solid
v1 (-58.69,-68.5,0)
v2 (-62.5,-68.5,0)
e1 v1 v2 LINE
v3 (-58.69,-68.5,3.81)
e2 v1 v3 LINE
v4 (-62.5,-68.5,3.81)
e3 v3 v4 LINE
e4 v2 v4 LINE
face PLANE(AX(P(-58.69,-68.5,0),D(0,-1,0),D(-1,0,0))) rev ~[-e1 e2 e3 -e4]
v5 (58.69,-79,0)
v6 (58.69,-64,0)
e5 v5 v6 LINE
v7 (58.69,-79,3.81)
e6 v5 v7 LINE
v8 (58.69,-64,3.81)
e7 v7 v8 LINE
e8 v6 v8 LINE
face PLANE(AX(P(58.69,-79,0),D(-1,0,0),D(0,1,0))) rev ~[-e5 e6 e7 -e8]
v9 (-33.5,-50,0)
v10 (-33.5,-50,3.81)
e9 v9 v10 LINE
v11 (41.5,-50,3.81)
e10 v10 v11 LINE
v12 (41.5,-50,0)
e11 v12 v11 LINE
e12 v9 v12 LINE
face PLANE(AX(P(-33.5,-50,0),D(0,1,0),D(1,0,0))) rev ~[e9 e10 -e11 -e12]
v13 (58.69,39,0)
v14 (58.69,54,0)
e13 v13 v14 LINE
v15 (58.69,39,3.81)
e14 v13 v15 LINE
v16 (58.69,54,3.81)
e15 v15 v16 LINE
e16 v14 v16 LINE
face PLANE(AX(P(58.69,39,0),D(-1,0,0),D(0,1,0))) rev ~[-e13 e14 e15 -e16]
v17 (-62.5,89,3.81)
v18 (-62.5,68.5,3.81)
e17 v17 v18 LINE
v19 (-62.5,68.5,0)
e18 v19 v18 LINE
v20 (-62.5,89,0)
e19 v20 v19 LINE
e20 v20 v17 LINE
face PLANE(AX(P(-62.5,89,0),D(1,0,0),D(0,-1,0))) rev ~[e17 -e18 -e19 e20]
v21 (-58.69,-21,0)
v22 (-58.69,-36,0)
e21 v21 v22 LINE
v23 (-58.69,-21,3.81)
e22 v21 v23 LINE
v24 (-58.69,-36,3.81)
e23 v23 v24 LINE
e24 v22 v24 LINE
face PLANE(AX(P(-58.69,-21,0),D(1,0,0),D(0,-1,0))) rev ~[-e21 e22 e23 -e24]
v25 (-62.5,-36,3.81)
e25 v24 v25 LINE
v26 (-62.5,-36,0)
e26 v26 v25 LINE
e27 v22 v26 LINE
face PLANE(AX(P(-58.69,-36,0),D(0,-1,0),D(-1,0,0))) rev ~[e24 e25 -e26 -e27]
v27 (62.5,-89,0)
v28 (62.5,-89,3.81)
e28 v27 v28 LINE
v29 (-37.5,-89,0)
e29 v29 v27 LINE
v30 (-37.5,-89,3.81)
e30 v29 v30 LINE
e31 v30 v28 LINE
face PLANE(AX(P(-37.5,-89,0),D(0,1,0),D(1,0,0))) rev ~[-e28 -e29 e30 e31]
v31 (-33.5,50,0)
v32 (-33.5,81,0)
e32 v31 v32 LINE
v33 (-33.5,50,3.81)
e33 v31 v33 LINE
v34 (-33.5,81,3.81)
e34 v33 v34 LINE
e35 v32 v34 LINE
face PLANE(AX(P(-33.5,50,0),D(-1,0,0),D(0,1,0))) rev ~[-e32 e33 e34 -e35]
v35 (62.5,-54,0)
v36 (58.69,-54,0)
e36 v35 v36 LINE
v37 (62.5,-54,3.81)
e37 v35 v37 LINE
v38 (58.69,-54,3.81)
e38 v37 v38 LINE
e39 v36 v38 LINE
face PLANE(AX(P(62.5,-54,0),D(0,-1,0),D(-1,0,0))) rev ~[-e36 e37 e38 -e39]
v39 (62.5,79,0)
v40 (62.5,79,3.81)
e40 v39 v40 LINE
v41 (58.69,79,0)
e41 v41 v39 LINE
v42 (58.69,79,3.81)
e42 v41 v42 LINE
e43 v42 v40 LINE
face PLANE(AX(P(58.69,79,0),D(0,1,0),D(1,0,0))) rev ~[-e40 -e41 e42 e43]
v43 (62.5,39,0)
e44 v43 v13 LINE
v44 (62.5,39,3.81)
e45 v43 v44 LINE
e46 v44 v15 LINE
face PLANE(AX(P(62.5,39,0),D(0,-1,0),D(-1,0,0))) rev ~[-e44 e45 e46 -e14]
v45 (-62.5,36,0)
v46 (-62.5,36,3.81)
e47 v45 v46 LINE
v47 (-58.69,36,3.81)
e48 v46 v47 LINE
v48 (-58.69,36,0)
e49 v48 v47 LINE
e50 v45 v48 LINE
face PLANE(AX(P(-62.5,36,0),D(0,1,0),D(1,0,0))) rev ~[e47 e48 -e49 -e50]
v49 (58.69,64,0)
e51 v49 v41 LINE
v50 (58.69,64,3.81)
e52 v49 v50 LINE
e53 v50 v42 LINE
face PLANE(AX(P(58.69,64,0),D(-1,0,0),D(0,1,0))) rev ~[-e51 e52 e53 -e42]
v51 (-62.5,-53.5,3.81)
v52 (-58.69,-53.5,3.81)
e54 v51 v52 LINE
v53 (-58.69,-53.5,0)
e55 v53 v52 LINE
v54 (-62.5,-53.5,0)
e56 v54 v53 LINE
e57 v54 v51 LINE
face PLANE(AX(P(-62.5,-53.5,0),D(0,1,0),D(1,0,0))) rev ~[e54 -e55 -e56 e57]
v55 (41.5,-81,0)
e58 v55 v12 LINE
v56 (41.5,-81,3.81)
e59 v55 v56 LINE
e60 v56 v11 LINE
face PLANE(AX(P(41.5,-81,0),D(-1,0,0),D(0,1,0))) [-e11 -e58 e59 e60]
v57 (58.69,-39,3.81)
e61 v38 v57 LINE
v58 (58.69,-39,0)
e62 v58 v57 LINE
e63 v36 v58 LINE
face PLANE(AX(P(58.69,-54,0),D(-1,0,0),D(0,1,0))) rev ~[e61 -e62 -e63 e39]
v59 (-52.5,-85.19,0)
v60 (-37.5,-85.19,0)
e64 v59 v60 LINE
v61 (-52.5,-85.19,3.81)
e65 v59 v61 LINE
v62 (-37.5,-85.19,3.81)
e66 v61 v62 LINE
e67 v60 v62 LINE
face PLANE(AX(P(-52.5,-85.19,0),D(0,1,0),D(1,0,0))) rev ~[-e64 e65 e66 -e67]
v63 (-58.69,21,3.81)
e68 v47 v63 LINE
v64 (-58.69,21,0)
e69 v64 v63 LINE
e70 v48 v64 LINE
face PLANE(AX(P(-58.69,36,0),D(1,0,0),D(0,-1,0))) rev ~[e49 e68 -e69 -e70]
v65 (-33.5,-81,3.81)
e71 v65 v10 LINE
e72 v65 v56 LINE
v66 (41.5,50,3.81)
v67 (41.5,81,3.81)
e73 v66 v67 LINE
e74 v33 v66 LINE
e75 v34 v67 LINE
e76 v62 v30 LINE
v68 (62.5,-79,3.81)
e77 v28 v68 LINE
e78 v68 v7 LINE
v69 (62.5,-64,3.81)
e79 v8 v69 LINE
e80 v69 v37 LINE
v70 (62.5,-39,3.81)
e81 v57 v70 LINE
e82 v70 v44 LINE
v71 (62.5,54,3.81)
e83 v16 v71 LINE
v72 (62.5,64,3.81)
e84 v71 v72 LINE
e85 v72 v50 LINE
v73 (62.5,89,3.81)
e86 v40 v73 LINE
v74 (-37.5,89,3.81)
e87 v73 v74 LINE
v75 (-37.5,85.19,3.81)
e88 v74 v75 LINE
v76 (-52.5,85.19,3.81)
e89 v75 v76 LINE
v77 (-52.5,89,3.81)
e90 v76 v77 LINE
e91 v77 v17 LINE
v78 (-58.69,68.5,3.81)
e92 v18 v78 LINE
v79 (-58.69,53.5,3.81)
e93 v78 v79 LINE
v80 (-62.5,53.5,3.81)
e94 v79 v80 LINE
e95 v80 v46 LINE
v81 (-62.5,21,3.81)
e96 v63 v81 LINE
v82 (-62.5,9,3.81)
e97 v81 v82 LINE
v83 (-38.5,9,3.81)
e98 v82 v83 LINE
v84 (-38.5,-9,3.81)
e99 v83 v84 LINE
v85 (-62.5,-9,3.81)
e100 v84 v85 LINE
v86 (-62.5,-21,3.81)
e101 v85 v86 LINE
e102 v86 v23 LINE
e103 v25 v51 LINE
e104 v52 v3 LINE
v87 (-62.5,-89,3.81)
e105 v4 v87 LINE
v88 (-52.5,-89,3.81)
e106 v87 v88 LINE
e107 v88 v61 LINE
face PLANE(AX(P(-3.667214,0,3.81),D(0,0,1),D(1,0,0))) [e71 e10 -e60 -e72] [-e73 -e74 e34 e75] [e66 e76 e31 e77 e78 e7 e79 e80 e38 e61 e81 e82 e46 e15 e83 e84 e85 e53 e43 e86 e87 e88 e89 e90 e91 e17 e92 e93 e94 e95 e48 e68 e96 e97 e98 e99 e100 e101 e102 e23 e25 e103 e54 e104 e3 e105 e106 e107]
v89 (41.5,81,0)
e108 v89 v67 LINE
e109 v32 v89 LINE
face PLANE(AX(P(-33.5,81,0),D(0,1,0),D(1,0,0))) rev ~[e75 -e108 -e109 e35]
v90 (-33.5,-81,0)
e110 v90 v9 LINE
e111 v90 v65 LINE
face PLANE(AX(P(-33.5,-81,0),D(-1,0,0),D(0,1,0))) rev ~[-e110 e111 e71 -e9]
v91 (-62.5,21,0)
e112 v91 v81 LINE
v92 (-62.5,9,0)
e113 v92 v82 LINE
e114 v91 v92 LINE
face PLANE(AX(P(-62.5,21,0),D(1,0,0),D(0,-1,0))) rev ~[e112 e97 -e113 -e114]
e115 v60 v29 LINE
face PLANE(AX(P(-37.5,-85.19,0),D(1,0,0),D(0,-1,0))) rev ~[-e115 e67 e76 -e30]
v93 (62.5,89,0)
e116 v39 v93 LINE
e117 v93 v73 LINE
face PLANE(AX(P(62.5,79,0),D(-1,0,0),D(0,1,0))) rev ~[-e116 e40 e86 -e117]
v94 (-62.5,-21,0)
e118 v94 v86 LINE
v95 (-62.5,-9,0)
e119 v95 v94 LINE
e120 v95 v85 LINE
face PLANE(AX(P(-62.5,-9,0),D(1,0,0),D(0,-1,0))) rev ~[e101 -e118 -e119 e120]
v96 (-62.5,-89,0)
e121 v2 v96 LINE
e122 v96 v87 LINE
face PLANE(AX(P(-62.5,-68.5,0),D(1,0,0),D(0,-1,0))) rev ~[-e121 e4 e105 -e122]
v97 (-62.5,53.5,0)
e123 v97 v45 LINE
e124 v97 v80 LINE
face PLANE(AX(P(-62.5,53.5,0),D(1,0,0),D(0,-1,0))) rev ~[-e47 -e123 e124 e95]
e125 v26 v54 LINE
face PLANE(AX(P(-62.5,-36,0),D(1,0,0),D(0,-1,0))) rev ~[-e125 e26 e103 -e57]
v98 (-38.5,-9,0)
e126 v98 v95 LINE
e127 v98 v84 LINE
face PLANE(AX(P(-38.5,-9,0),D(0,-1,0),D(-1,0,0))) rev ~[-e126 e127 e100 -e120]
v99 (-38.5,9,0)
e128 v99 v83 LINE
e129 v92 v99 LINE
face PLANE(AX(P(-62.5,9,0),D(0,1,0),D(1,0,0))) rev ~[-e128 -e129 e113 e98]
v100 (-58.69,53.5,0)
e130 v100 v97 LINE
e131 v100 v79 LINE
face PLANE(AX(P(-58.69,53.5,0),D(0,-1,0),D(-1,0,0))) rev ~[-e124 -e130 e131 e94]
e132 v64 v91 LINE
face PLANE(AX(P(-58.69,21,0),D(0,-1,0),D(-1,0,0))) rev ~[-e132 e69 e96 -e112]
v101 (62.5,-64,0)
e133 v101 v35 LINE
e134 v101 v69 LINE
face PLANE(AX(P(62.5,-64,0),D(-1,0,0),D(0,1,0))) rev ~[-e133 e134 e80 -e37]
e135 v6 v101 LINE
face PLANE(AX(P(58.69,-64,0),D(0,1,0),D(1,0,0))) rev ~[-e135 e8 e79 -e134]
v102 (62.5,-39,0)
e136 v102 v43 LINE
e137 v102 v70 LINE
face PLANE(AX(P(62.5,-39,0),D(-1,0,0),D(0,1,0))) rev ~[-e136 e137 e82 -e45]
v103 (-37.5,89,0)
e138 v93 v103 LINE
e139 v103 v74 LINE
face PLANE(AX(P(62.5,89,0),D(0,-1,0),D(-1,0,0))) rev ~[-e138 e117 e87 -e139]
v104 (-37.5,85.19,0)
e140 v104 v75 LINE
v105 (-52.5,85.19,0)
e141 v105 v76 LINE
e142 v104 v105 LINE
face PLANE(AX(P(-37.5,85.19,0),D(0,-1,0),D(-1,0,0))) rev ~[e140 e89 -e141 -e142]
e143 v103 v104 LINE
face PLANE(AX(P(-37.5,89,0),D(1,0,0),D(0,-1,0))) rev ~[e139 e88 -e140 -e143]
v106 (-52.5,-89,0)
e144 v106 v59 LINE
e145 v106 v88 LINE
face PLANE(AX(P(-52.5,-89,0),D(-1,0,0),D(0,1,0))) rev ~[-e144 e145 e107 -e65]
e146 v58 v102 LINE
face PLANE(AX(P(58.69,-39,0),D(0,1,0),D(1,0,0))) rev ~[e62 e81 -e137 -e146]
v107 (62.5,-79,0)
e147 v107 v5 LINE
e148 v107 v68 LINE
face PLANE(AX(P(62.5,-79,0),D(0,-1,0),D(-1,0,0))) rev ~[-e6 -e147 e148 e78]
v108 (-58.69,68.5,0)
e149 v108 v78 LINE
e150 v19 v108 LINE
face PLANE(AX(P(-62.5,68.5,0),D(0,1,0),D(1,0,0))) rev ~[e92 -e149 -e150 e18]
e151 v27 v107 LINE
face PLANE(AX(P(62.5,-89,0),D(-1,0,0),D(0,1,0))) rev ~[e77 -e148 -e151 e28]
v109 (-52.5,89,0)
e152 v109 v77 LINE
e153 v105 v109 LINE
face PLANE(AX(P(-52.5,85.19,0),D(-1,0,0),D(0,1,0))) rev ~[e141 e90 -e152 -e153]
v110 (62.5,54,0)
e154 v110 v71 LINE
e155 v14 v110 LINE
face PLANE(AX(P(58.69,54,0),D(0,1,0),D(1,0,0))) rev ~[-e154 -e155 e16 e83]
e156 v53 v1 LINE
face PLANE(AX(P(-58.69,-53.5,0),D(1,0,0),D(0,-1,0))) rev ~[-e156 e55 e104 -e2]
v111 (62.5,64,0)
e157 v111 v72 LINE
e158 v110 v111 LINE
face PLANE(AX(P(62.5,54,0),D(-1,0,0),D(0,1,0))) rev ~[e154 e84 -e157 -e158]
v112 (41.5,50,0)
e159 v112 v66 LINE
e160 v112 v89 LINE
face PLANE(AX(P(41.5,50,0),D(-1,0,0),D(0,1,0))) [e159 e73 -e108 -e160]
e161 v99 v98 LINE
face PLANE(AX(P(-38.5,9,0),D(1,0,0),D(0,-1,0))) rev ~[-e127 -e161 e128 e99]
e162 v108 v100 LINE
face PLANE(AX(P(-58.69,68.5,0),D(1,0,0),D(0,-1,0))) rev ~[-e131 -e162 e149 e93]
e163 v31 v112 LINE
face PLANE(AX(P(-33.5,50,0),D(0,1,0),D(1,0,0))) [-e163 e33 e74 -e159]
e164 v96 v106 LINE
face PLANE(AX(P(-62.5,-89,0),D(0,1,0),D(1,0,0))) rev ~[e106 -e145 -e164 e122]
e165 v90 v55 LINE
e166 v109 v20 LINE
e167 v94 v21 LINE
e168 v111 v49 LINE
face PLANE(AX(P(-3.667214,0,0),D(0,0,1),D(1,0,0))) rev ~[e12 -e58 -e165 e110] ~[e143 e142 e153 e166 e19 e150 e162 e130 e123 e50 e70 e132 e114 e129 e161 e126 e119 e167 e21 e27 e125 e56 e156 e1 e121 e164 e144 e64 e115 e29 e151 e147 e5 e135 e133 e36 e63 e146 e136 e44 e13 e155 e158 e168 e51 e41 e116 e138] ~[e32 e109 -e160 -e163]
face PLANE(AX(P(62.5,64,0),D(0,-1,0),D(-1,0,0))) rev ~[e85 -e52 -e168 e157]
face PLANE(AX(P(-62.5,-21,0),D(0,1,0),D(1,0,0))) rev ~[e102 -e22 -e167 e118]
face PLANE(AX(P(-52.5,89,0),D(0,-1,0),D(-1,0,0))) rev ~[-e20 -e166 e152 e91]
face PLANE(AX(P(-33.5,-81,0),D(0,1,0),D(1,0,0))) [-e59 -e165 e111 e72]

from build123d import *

# Parameters (mm, degrees)
F0_W     = 75
F0_H     = 31
F1_DEPTH = 3.81


with BuildPart() as f1:
    # F0 (on Top) → F1 (new body)
    with BuildSketch(Plane.XY):
        Polygon((62.5, 79), (62.5, 89), (-37.5, 89), (-37.5, 85.19), (-52.5, 85.19), (-52.5, 89), (-62.5, 89), (-62.5, 68.5), (-58.69, 68.5), (-58.69, 53.5), (-62.5, 53.5), (-62.5, 36), (-58.69, 36), (-58.69, 21), (-62.5, 21), (-62.5, 9), (-38.5, 9), (-38.5, 0), (-38.5, -9), (-62.5, -9), (-62.5, -21), (-58.69, -21), (-58.69, -36), (-62.5, -36), (-62.5, -53.5), (-58.69, -53.5), (-58.69, -68.5), (-62.5, -68.5), (-62.5, -89), (-52.5, -89), (-52.5, -85.19), (-37.5, -85.19), (-37.5, -89), (62.5, -89), (62.5, -79), (58.69, -79), (58.69, -64), (62.5, -64), (62.5, -54), (58.69, -54), (58.69, -39), (62.5, -39), (62.5, 39), (58.69, 39), (58.69, 54), (62.5, 54), (62.5, 64), (58.69, 64), (58.69, 79), align=None)
        with Locations((4, -65.5)):
            Rectangle(F0_W, F0_H, mode=Mode.SUBTRACT)
        with Locations((4, 65.5)):
            Rectangle(F0_W, F0_H, mode=Mode.SUBTRACT)
    extrude(amount=F1_DEPTH)


solid = f1.part
